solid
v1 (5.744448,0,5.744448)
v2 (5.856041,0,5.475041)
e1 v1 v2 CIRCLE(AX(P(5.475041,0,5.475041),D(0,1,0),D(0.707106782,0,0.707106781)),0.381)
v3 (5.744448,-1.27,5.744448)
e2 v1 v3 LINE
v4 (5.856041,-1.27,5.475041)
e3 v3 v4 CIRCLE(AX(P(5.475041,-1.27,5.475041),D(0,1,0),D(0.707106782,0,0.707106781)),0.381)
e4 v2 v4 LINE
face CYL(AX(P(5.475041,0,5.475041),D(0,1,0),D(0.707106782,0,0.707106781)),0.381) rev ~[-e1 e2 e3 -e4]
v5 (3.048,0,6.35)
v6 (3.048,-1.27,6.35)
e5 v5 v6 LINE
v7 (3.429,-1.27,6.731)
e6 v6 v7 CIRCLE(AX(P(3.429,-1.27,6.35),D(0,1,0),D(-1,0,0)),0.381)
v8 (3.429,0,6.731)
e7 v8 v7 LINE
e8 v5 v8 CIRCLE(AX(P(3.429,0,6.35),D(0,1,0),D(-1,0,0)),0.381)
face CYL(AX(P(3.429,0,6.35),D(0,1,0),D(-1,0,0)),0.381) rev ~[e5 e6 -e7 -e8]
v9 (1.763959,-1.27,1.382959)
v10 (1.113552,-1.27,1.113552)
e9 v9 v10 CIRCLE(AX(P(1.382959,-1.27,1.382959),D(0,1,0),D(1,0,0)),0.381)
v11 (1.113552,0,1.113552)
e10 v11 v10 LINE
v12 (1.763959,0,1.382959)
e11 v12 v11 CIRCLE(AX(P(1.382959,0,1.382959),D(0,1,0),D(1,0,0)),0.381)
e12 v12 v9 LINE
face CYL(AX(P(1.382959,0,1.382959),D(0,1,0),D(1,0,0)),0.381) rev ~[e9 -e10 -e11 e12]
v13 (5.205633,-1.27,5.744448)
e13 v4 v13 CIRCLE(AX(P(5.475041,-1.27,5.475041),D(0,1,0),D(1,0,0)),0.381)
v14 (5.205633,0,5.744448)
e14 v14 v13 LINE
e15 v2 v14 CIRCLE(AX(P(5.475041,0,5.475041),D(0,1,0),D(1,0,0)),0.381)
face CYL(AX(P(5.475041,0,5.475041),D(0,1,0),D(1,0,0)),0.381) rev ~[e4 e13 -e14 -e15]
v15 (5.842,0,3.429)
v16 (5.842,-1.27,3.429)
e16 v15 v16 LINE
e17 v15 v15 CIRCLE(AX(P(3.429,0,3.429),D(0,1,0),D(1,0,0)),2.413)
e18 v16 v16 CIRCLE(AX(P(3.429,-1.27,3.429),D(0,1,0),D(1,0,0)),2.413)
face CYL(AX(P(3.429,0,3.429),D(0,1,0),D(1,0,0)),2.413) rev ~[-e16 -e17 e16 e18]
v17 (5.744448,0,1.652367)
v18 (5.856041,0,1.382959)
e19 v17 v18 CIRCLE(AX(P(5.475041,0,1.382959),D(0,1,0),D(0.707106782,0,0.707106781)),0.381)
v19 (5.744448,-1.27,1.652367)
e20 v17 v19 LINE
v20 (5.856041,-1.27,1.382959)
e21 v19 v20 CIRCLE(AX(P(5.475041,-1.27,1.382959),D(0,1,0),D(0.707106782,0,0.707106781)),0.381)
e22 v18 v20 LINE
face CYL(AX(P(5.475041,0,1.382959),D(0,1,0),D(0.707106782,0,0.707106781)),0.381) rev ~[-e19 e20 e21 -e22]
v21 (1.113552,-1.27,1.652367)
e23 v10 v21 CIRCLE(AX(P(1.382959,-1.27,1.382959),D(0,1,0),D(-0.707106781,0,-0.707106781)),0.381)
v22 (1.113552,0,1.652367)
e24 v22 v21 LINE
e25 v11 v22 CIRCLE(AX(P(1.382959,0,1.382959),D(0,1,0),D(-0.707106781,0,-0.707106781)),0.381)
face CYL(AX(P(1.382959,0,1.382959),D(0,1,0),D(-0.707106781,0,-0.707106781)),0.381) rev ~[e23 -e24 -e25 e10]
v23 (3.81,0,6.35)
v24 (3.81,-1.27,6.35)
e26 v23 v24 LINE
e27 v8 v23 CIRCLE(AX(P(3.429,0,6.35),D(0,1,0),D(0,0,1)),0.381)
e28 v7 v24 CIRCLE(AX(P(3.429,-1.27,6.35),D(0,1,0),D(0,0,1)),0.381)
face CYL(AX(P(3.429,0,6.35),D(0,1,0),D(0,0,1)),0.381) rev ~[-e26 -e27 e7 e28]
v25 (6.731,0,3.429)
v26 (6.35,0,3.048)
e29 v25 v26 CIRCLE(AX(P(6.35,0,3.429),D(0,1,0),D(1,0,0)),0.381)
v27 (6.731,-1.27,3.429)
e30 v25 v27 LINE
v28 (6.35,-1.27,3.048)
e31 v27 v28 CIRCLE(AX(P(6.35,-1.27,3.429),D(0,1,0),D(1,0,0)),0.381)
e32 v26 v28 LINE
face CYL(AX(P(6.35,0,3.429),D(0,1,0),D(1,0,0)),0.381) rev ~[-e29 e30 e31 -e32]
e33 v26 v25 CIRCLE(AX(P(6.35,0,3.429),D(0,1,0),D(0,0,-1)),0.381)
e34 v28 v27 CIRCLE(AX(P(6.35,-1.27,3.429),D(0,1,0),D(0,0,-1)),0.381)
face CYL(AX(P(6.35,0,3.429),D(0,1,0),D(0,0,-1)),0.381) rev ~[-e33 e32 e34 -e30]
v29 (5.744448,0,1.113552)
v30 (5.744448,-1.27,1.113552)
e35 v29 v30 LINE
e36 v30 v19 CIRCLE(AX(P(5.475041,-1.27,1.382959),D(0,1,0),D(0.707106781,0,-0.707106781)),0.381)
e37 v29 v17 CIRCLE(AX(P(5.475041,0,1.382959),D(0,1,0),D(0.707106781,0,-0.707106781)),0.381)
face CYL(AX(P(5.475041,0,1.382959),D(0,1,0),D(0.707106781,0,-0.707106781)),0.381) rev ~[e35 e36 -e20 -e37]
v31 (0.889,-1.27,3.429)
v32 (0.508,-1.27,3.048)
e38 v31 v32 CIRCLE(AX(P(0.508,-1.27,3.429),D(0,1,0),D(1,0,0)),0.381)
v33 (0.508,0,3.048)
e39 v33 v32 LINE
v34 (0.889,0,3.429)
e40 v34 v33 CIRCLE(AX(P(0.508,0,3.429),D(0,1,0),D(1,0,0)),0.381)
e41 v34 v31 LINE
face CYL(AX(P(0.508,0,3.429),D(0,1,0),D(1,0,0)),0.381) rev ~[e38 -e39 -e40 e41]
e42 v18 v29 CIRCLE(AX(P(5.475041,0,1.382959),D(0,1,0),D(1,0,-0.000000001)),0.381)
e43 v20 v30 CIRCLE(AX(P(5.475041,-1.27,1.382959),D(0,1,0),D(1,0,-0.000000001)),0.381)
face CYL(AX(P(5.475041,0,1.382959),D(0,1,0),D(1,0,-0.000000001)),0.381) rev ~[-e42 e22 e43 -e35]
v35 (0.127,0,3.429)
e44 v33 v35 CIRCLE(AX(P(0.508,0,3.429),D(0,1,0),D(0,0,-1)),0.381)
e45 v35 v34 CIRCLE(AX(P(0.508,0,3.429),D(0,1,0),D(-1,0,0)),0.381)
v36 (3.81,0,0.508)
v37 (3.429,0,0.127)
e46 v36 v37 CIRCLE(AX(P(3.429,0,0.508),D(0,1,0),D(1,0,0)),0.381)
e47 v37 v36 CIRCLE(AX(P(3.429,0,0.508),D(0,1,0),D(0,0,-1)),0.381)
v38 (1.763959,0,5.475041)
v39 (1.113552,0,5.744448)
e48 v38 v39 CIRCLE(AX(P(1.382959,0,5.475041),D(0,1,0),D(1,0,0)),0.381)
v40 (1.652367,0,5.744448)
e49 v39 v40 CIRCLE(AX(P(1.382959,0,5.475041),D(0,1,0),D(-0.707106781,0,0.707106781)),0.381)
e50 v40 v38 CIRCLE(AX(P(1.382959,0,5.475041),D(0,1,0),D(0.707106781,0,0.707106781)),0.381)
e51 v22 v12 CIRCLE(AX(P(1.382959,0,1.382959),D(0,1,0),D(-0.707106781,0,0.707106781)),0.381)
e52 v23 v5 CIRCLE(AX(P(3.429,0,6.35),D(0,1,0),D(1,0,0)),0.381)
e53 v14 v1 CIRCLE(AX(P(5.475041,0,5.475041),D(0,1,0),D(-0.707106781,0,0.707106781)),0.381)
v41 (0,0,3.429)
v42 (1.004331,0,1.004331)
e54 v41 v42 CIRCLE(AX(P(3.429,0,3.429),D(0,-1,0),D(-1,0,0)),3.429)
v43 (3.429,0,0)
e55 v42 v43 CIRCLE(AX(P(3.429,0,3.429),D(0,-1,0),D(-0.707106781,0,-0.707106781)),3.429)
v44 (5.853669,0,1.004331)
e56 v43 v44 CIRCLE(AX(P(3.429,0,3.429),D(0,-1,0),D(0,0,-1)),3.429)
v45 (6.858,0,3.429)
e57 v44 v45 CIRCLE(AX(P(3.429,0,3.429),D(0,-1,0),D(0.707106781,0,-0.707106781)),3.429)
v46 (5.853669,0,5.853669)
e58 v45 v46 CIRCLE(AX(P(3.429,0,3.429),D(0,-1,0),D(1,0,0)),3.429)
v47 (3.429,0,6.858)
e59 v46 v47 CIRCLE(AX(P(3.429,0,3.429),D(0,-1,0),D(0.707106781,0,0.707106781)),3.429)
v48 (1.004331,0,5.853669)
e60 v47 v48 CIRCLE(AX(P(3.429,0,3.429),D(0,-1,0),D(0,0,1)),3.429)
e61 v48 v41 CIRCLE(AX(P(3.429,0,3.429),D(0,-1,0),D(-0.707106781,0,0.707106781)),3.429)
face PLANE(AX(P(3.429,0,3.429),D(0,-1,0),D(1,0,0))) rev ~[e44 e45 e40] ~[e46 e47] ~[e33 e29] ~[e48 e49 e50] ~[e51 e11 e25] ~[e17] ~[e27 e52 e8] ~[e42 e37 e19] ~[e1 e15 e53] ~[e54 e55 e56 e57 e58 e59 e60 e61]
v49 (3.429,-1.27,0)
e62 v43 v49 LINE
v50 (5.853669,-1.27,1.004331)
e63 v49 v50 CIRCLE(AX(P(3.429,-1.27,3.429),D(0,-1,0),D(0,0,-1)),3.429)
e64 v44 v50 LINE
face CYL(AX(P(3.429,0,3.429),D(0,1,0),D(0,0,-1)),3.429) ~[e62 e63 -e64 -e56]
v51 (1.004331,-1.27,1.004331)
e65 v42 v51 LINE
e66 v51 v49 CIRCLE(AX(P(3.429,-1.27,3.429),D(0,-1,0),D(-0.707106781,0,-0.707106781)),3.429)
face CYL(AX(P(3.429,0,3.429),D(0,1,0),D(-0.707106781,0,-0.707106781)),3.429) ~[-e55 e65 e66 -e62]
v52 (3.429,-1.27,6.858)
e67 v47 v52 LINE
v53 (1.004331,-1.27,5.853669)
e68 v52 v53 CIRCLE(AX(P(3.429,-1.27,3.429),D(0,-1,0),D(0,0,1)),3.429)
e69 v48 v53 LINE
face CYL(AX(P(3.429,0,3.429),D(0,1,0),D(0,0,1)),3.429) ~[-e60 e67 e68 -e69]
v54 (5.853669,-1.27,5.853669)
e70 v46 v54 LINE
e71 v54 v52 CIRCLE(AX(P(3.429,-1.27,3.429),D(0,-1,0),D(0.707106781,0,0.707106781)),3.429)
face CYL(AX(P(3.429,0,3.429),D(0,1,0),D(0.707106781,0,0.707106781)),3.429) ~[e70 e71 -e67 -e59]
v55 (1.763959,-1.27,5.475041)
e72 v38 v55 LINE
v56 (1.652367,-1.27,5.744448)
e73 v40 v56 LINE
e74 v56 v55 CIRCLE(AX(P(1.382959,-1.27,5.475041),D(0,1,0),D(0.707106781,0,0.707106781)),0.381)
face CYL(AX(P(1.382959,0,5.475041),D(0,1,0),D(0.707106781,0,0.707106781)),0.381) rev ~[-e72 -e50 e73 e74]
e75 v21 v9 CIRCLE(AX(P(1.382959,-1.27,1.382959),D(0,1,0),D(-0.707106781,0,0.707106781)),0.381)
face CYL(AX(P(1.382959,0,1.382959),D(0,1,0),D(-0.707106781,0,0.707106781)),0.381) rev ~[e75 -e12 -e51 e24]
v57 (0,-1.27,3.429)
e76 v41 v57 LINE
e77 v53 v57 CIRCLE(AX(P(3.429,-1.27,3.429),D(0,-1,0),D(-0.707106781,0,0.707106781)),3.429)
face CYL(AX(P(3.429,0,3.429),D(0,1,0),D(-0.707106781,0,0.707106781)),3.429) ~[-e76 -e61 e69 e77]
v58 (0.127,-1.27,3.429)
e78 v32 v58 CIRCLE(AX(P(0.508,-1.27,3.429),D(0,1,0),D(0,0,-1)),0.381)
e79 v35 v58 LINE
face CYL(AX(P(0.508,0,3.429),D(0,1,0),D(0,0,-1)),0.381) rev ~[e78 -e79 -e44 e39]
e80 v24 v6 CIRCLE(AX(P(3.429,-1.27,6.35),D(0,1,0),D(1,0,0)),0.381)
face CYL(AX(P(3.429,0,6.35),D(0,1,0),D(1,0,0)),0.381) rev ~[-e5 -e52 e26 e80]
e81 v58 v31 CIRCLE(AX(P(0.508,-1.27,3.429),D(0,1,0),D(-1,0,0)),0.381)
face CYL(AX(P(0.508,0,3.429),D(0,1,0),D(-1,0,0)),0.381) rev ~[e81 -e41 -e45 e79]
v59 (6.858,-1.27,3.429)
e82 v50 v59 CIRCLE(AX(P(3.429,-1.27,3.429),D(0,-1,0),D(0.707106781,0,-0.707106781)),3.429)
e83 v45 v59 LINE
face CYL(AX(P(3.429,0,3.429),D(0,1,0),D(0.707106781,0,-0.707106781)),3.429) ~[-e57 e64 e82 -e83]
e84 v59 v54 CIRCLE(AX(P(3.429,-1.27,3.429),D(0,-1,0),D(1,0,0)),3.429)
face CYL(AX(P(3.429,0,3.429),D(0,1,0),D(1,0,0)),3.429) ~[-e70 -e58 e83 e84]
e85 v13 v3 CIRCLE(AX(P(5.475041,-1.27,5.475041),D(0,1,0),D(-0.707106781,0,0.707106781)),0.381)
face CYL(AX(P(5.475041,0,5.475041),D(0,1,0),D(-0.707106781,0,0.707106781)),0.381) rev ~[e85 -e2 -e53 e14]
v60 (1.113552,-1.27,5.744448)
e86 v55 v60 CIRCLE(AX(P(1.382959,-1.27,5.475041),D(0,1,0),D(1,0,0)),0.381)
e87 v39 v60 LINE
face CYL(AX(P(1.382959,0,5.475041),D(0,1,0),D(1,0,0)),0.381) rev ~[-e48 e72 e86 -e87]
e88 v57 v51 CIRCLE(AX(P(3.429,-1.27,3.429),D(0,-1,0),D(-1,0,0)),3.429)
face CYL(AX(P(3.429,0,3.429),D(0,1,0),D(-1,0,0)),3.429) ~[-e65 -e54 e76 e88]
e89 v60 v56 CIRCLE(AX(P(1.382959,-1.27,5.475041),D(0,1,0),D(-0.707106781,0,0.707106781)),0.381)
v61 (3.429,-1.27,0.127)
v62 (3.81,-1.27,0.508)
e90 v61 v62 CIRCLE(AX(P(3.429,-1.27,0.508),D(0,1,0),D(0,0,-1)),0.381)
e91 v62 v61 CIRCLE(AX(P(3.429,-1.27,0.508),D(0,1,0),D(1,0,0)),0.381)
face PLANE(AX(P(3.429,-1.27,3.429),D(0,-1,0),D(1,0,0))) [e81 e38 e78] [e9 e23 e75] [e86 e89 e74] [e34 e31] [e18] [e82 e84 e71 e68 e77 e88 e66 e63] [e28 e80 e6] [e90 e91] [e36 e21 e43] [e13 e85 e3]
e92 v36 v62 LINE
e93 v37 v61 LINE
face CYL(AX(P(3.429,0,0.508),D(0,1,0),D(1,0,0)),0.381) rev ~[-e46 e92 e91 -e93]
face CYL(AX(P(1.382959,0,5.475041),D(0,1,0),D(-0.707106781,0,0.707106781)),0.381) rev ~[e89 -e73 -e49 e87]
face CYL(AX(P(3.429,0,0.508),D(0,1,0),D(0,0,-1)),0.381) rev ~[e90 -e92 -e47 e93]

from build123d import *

# Parameters (mm, degrees)
F1_DEPTH = 1.27


with BuildPart() as f1:
    # F0 (on Front) → F1 (new body)
    with BuildSketch(Plane.XZ):
        with BuildLine():
            ThreePointArc((5.8536691527, 1.0043308473), (6.596982917, 2.1167785104), (6.858, 3.429))
            ThreePointArc((6.858, 3.429), (6.596982917, 4.7412214896), (5.8536691527, 5.8536691527))
            ThreePointArc((5.8536691527, 5.8536691527), (4.7412214896, 6.596982917), (3.429, 6.858))
            ThreePointArc((3.429, 6.858), (2.1167785104, 6.596982917), (1.0043308473, 5.8536691527))
            ThreePointArc((1.0043308473, 5.8536691527), (0.261017083, 4.7412214896), (0, 3.429))
            ThreePointArc((0, 3.429), (0.261017083, 2.1167785104), (1.0043308473, 1.0043308473))
            ThreePointArc((1.0043308473, 1.0043308473), (2.1167785104, 0.261017083), (3.429, 0))
            ThreePointArc((3.429, 0), (4.7412214896, 0.261017083), (5.8536691527, 1.0043308473))
        make_face()
        with BuildLine():
            ThreePointArc((1.7639594426, 1.3829594426), (1.5287618304, 1.0309613408), (1.113551759, 1.113551759))
            ThreePointArc((1.113551759, 1.113551759), (1.0019594426, 1.3829594426), (1.113551759, 1.6523671263))
            ThreePointArc((1.113551759, 1.6523671263), (1.5287618304, 1.7349575445), (1.7639594426, 1.3829594426))
        make_face(mode=Mode.SUBTRACT)
        with BuildLine():
            ThreePointArc((3.81, 0.508), (3.6984076836, 0.2385923164), (3.429, 0.127))
            ThreePointArc((3.429, 0.127), (3.1595923164, 0.7774076836), (3.81, 0.508))
        make_face(mode=Mode.SUBTRACT)
        with BuildLine():
            ThreePointArc((5.8560405574, 1.3829594426), (5.8270386592, 1.2371570549), (5.744448241, 1.113551759))
            ThreePointArc((5.744448241, 1.113551759), (5.0940405574, 1.3829594426), (5.744448241, 1.6523671263))
            ThreePointArc((5.744448241, 1.6523671263), (5.8270386592, 1.5287618304), (5.8560405574, 1.3829594426))
        make_face(mode=Mode.SUBTRACT)
        with BuildLine():
            ThreePointArc((0.508, 3.048), (0.2385923164, 3.1595923164), (0.127, 3.429))
            ThreePointArc((0.127, 3.429), (0.508, 3.81), (0.889, 3.429))
            ThreePointArc((0.889, 3.429), (0.7774076836, 3.1595923164), (0.508, 3.048))
        make_face(mode=Mode.SUBTRACT)
        with BuildLine():
            ThreePointArc((1.7639594426, 5.4750405574), (1.2371570549, 5.1230424555), (1.113551759, 5.744448241))
            ThreePointArc((1.113551759, 5.744448241), (1.3829594426, 5.8560405574), (1.6523671263, 5.744448241))
            ThreePointArc((1.6523671263, 5.744448241), (1.7349575445, 5.6208429451), (1.7639594426, 5.4750405574))
        make_face(mode=Mode.SUBTRACT)
        with BuildLine():
            ThreePointArc((1.016, 3.429), (3.429, 5.842), (5.842, 3.429))
            ThreePointArc((5.842, 3.429), (3.429, 1.016), (1.016, 3.429))
        make_face(mode=Mode.SUBTRACT)
        with BuildLine():
            ThreePointArc((6.35, 3.048), (6.0805923164, 3.6984076836), (6.731, 3.429))
            ThreePointArc((6.731, 3.429), (6.6194076836, 3.1595923164), (6.35, 3.048))
        make_face(mode=Mode.SUBTRACT)
        with BuildLine():
            ThreePointArc((3.048, 6.35), (3.1595923164, 6.6194076836), (3.429, 6.731))
            ThreePointArc((3.429, 6.731), (3.6984076836, 6.6194076836), (3.81, 6.35))
            ThreePointArc((3.81, 6.35), (3.429, 5.969), (3.048, 6.35))
        make_face(mode=Mode.SUBTRACT)
        with BuildLine():
            ThreePointArc((5.2056328737, 5.744448241), (5.4750405574, 5.8560405574), (5.744448241, 5.744448241))
            ThreePointArc((5.744448241, 5.744448241), (5.8270386592, 5.6208429451), (5.8560405574, 5.4750405574))
            ThreePointArc((5.8560405574, 5.4750405574), (5.3292381696, 5.1230424555), (5.2056328737, 5.744448241))
        make_face(mode=Mode.SUBTRACT)
    extrude(amount=F1_DEPTH)


solid = f1.part
